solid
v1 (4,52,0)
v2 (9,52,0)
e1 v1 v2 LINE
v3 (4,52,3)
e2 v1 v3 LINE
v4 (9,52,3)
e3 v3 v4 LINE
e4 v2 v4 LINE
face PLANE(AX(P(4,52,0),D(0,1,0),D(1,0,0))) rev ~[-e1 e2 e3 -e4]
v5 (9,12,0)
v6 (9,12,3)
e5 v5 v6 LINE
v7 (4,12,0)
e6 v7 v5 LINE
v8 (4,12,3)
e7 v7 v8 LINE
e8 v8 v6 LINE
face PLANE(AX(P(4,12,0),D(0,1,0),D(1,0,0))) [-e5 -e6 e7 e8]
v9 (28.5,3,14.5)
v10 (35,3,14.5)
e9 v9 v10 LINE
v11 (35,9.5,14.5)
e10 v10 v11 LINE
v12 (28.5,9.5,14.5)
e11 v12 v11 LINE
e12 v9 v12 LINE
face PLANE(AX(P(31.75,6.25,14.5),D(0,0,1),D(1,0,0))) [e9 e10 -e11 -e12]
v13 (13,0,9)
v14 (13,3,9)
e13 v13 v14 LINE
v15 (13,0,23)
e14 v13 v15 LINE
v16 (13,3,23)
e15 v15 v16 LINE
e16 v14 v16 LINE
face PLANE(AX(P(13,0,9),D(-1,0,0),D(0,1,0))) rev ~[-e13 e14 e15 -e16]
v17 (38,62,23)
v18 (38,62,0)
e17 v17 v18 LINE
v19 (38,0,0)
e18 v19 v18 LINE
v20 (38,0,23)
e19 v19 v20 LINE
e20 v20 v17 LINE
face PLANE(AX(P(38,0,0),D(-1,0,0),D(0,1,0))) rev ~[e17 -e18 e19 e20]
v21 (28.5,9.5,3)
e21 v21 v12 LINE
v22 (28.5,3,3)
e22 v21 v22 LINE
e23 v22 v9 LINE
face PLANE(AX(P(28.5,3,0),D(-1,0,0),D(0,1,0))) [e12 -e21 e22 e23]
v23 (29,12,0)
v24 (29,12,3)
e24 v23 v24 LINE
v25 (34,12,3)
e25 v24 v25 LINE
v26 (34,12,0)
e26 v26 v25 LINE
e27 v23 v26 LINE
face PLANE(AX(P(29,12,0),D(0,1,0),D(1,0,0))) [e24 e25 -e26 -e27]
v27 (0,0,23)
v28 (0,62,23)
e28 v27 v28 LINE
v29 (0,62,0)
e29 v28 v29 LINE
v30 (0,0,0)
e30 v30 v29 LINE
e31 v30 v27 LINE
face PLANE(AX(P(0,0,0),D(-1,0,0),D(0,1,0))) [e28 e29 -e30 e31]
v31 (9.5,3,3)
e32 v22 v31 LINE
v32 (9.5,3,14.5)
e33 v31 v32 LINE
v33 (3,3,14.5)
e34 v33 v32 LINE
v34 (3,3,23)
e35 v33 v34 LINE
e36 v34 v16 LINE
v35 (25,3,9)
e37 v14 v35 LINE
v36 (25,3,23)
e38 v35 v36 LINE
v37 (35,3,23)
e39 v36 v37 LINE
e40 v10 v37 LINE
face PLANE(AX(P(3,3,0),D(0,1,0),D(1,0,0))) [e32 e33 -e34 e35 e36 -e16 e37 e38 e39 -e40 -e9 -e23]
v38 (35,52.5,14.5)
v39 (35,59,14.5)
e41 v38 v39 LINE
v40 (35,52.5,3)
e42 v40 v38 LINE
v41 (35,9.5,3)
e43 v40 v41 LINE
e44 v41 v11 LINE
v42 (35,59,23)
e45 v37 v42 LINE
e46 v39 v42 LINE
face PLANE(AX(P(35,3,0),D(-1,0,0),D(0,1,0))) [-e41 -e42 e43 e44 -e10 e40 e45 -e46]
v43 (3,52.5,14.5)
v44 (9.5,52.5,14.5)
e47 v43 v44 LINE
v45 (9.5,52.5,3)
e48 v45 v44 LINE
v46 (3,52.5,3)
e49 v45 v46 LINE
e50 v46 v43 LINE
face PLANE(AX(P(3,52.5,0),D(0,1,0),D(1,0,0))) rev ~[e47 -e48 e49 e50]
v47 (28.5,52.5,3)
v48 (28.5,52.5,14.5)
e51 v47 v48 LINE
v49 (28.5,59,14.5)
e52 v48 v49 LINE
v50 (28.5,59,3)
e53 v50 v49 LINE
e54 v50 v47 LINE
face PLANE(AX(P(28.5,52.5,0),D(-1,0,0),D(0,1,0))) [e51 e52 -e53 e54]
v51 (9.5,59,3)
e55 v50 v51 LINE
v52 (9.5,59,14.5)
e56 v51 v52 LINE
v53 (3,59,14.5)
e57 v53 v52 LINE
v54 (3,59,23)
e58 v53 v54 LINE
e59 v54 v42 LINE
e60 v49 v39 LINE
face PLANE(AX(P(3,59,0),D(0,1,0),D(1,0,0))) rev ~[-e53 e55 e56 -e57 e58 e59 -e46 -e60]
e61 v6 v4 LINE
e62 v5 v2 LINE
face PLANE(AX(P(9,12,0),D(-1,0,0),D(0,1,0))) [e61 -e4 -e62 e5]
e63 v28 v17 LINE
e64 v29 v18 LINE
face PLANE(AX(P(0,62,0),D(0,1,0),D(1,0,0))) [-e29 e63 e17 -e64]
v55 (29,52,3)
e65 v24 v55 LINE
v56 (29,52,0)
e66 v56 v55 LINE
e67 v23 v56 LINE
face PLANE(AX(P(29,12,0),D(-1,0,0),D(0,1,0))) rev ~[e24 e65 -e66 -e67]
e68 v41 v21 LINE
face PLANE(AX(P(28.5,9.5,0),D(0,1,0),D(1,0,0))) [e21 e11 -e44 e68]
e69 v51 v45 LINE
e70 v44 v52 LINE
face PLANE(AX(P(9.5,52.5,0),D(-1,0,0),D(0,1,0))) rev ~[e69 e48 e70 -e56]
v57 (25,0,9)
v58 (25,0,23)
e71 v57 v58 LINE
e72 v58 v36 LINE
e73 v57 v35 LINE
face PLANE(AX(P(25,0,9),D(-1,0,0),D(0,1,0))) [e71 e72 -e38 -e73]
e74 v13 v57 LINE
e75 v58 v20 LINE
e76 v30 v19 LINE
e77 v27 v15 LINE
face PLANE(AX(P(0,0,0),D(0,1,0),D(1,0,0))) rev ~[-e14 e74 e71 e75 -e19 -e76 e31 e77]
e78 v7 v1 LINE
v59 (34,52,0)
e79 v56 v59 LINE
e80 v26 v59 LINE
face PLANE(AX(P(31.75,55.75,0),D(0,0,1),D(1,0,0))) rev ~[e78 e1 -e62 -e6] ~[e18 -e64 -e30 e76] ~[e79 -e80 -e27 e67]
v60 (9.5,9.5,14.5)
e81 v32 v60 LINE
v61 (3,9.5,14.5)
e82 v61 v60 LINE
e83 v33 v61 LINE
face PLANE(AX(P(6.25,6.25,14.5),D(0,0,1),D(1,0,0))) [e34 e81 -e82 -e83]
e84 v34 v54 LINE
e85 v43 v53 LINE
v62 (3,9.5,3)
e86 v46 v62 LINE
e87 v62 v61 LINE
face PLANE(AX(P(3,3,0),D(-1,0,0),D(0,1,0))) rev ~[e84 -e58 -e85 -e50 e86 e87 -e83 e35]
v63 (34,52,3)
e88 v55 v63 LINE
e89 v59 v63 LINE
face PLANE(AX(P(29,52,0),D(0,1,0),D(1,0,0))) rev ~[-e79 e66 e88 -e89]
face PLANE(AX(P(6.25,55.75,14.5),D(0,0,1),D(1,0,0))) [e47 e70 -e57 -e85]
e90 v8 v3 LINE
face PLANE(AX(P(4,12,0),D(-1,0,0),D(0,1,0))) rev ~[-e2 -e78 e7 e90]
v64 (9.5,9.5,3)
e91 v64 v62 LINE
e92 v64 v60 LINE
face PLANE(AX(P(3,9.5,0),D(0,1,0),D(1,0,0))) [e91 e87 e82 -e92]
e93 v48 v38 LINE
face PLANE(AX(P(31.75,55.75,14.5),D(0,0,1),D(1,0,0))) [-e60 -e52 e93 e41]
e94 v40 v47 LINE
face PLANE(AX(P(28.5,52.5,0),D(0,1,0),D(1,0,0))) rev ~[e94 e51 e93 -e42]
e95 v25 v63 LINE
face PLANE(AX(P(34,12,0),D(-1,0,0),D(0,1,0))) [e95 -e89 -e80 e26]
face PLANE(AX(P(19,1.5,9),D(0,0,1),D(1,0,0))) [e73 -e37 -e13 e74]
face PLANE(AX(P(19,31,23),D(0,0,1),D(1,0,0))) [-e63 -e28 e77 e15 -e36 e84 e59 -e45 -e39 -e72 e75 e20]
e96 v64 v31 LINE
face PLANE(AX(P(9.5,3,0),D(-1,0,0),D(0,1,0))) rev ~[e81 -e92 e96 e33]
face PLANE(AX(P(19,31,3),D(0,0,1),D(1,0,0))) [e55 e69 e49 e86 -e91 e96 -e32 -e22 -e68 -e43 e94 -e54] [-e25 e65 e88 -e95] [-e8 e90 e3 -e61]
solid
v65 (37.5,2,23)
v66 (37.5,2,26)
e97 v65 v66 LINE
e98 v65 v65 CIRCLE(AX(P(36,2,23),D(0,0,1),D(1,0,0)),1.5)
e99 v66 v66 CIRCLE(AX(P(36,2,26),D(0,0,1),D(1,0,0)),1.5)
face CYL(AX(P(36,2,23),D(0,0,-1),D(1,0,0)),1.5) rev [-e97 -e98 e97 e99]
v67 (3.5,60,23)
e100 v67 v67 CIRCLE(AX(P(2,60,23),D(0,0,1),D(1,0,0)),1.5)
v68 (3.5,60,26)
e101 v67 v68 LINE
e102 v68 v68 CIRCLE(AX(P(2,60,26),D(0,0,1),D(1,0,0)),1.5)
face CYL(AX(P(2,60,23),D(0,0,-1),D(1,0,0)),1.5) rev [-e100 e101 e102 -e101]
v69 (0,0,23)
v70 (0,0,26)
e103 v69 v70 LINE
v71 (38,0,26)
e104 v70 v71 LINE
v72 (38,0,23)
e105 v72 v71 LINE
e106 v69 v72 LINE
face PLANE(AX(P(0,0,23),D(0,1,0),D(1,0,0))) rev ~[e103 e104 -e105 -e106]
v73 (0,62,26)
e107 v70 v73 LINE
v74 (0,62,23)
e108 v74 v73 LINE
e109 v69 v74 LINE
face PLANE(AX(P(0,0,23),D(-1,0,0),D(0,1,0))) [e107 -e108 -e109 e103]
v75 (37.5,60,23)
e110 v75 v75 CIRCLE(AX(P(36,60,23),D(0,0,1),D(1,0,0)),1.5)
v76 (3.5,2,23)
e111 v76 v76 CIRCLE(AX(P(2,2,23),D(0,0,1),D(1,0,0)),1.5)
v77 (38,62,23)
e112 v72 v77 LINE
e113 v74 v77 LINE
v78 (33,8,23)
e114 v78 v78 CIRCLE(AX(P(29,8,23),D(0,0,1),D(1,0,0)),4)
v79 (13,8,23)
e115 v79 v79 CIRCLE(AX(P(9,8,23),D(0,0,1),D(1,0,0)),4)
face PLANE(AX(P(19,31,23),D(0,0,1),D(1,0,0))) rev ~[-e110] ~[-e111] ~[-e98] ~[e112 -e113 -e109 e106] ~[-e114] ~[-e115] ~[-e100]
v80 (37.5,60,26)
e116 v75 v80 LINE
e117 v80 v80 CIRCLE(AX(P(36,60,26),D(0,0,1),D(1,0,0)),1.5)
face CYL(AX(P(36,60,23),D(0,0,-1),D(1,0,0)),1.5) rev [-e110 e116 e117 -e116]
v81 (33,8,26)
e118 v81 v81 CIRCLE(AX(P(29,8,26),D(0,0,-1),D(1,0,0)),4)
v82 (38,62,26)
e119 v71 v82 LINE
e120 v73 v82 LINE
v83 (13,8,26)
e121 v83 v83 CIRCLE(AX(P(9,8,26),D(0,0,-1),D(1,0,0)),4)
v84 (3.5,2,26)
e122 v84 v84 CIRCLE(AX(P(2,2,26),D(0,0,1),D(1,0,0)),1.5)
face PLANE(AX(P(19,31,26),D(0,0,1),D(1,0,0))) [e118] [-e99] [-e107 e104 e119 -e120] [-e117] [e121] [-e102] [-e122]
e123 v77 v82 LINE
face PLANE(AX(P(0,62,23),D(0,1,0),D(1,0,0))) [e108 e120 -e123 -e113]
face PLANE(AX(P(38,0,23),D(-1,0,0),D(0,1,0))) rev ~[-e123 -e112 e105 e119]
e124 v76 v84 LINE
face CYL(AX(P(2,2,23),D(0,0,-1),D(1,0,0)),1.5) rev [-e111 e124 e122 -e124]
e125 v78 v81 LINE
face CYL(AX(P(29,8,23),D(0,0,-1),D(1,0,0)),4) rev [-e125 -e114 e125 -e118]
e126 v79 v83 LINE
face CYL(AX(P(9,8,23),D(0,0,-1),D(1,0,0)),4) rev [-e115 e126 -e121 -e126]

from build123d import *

# Parameters (mm, degrees)
BOX010_W          = 12
BOX010_H          = 3
BOX010_DEPTH      = 14
BOX009_W          = 5
BOX009_H          = 40
BOX009_DEPTH      = 3
BOX008_W          = 5
BOX008_H          = 40
BOX008_DEPTH      = 3
BOX005_W          = 6.5
BOX005_H          = 6.5
BOX005_DEPTH      = 14.5
BOX006_W          = 6.5
BOX006_H          = 6.5
BOX006_DEPTH      = 14.5
BOX007_W          = 6.5
BOX007_H          = 6.5
BOX007_DEPTH      = 14.5
BOX004_W          = 6.5
BOX004_H          = 6.5
BOX004_DEPTH      = 14.5
BOX001_W          = 32
BOX001_H          = 56
BOX001_DEPTH      = 23
BOX_W             = 38
BOX_H             = 62
BOX_DEPTH         = 23
BOX002_W          = 38
BOX002_H          = 62
BOX002_DEPTH      = 3
CYLINDER003_R     = 1.5
CYLINDER003_DEPTH = 3
CYLINDER004_R     = 1.5
CYLINDER004_DEPTH = 3
CYLINDER005_R     = 1.5
CYLINDER005_DEPTH = 3
CYLINDER002_R     = 1.5
CYLINDER002_DEPTH = 3
CYLINDER001_R     = 4
CYLINDER001_DEPTH = 10
CYLINDER_R        = 4
CYLINDER_DEPTH    = 10
BOX003_W          = 38
BOX003_H          = 62
BOX003_DEPTH      = 3


with BuildPart() as box010:
    # Box010 → Box010 (new body)
    with BuildSketch(Plane(origin=(13, 0, 9), x_dir=(1, 0, 0), z_dir=(0, 0, 1))):
        with Locations((6, 1.5)):
            Rectangle(BOX010_W, BOX010_H)
    extrude(amount=BOX010_DEPTH)


with BuildPart() as box009:
    # Box009 → Box009 (new body)
    with BuildSketch(Plane(origin=(29, 12, 0), x_dir=(1, 0, 0), z_dir=(0, 0, 1))):
        with Locations((2.5, 20)):
            Rectangle(BOX009_W, BOX009_H)
    extrude(amount=BOX009_DEPTH)


with BuildPart() as rendijas:
    # Box008 → Box008 (new body)
    with BuildSketch(Plane(origin=(4, 12, 0), x_dir=(1, 0, 0), z_dir=(0, 0, 1))):
        with Locations((2.5, 20)):
            Rectangle(BOX008_W, BOX008_H)
    extrude(amount=BOX008_DEPTH)

    # Fusion003: union Box009
    add(box009.part)


with BuildPart() as box005:
    # Box005 → Box005 (new body)
    with BuildSketch(Plane(origin=(28.5, 3, 0), x_dir=(1, 0, 0), z_dir=(0, 0, 1))):
        with Locations((3.25, 3.25)):
            Rectangle(BOX005_W, BOX005_H)
    extrude(amount=BOX005_DEPTH)


with BuildPart() as box006:
    # Box006 → Box006 (new body)
    with BuildSketch(Plane(origin=(3, 52.5, 0), x_dir=(1, 0, 0), z_dir=(0, 0, 1))):
        with Locations((3.25, 3.25)):
            Rectangle(BOX006_W, BOX006_H)
    extrude(amount=BOX006_DEPTH)


with BuildPart() as box007:
    # Box007 → Box007 (new body)
    with BuildSketch(Plane(origin=(28.5, 52.5, 0), x_dir=(1, 0, 0), z_dir=(0, 0, 1))):
        with Locations((3.25, 3.25)):
            Rectangle(BOX007_W, BOX007_H)
    extrude(amount=BOX007_DEPTH)


with BuildPart() as soportes:
    # Box004 → Box004 (new body)
    with BuildSketch(Plane(origin=(3, 3, 0), x_dir=(1, 0, 0), z_dir=(0, 0, 1))):
        with Locations((3.25, 3.25)):
            Rectangle(BOX004_W, BOX004_H)
    extrude(amount=BOX004_DEPTH)

    # Fusion001: union Box005, Box006, Box007
    add(box005.part)
    add(box006.part)
    add(box007.part)


with BuildPart() as box001:
    # Box001 → Box001 (new body)
    with BuildSketch(Plane(origin=(3, 3, 0), x_dir=(1, 0, 0), z_dir=(0, 0, 1))):
        with Locations((16, 28)):
            Rectangle(BOX001_W, BOX001_H)
    extrude(amount=BOX001_DEPTH)


with BuildPart() as carcasa_laterales:
    # Box → Box (new body)
    with BuildSketch(Plane.XY):
        with Locations((19, 31)):
            Rectangle(BOX_W, BOX_H)
    extrude(amount=BOX_DEPTH)

    # Cut: cut Box001
    add(box001.part, mode=Mode.SUBTRACT)


with BuildPart() as carcasa:
    # Box002 → Box002 (new body)
    with BuildSketch(Plane.XY):
        with Locations((19, 31)):
            Rectangle(BOX002_W, BOX002_H)
    extrude(amount=BOX002_DEPTH)

    # Fusion: union carcasa laterales
    add(carcasa_laterales.part)

    # Fusion002: union soportes
    add(soportes.part)

    # Cut001: cut rendijas
    add(rendijas.part, mode=Mode.SUBTRACT)

    # Cut002: cut Box010
    add(box010.part, mode=Mode.SUBTRACT)


with BuildPart() as tornillo2:
    # Cylinder003 → Cylinder003 (new body)
    with BuildSketch(Plane(origin=(36, 2, 23), x_dir=(1, 0, 0), z_dir=(0, 0, 1))):
        Circle(CYLINDER003_R)
    extrude(amount=CYLINDER003_DEPTH)


with BuildPart() as tornillo3:
    # Cylinder004 → Cylinder004 (new body)
    with BuildSketch(Plane(origin=(2, 60, 23), x_dir=(1, 0, 0), z_dir=(0, 0, 1))):
        Circle(CYLINDER004_R)
    extrude(amount=CYLINDER004_DEPTH)


with BuildPart() as tornillo4:
    # Cylinder005 → Cylinder005 (new body)
    with BuildSketch(Plane(origin=(36, 60, 23), x_dir=(1, 0, 0), z_dir=(0, 0, 1))):
        Circle(CYLINDER005_R)
    extrude(amount=CYLINDER005_DEPTH)


with BuildPart() as tornillos:
    # Cylinder002 → Cylinder002 (new body)
    with BuildSketch(Plane(origin=(2, 2, 23), x_dir=(1, 0, 0), z_dir=(0, 0, 1))):
        Circle(CYLINDER002_R)
    extrude(amount=CYLINDER002_DEPTH)

    # Fusion005: union tornillo2, tornillo3, tornillo4
    add(tornillo2.part)
    add(tornillo3.part)
    add(tornillo4.part)


with BuildPart() as switch2:
    # Cylinder001 → Cylinder001 (new body)
    with BuildSketch(Plane(origin=(29, 8, 23), x_dir=(1, 0, 0), z_dir=(0, 0, 1))):
        Circle(CYLINDER001_R)
    extrude(amount=CYLINDER001_DEPTH)


with BuildPart() as switches:
    # Cylinder → Cylinder (new body)
    with BuildSketch(Plane(origin=(9, 8, 23), x_dir=(1, 0, 0), z_dir=(0, 0, 1))):
        Circle(CYLINDER_R)
    extrude(amount=CYLINDER_DEPTH)

    # Fusion004: union switch2
    add(switch2.part)


with BuildPart() as tapa:
    # Box003 → Box003 (new body)
    with BuildSketch(Plane.XY.offset(23)):
        with Locations((19, 31)):
            Rectangle(BOX003_W, BOX003_H)
    extrude(amount=BOX003_DEPTH)

    # Cut003: cut switches
    add(switches.part, mode=Mode.SUBTRACT)

    # Cut004: cut tornillos
    add(tornillos.part, mode=Mode.SUBTRACT)


solid = Compound([carcasa.part, tapa.part])
